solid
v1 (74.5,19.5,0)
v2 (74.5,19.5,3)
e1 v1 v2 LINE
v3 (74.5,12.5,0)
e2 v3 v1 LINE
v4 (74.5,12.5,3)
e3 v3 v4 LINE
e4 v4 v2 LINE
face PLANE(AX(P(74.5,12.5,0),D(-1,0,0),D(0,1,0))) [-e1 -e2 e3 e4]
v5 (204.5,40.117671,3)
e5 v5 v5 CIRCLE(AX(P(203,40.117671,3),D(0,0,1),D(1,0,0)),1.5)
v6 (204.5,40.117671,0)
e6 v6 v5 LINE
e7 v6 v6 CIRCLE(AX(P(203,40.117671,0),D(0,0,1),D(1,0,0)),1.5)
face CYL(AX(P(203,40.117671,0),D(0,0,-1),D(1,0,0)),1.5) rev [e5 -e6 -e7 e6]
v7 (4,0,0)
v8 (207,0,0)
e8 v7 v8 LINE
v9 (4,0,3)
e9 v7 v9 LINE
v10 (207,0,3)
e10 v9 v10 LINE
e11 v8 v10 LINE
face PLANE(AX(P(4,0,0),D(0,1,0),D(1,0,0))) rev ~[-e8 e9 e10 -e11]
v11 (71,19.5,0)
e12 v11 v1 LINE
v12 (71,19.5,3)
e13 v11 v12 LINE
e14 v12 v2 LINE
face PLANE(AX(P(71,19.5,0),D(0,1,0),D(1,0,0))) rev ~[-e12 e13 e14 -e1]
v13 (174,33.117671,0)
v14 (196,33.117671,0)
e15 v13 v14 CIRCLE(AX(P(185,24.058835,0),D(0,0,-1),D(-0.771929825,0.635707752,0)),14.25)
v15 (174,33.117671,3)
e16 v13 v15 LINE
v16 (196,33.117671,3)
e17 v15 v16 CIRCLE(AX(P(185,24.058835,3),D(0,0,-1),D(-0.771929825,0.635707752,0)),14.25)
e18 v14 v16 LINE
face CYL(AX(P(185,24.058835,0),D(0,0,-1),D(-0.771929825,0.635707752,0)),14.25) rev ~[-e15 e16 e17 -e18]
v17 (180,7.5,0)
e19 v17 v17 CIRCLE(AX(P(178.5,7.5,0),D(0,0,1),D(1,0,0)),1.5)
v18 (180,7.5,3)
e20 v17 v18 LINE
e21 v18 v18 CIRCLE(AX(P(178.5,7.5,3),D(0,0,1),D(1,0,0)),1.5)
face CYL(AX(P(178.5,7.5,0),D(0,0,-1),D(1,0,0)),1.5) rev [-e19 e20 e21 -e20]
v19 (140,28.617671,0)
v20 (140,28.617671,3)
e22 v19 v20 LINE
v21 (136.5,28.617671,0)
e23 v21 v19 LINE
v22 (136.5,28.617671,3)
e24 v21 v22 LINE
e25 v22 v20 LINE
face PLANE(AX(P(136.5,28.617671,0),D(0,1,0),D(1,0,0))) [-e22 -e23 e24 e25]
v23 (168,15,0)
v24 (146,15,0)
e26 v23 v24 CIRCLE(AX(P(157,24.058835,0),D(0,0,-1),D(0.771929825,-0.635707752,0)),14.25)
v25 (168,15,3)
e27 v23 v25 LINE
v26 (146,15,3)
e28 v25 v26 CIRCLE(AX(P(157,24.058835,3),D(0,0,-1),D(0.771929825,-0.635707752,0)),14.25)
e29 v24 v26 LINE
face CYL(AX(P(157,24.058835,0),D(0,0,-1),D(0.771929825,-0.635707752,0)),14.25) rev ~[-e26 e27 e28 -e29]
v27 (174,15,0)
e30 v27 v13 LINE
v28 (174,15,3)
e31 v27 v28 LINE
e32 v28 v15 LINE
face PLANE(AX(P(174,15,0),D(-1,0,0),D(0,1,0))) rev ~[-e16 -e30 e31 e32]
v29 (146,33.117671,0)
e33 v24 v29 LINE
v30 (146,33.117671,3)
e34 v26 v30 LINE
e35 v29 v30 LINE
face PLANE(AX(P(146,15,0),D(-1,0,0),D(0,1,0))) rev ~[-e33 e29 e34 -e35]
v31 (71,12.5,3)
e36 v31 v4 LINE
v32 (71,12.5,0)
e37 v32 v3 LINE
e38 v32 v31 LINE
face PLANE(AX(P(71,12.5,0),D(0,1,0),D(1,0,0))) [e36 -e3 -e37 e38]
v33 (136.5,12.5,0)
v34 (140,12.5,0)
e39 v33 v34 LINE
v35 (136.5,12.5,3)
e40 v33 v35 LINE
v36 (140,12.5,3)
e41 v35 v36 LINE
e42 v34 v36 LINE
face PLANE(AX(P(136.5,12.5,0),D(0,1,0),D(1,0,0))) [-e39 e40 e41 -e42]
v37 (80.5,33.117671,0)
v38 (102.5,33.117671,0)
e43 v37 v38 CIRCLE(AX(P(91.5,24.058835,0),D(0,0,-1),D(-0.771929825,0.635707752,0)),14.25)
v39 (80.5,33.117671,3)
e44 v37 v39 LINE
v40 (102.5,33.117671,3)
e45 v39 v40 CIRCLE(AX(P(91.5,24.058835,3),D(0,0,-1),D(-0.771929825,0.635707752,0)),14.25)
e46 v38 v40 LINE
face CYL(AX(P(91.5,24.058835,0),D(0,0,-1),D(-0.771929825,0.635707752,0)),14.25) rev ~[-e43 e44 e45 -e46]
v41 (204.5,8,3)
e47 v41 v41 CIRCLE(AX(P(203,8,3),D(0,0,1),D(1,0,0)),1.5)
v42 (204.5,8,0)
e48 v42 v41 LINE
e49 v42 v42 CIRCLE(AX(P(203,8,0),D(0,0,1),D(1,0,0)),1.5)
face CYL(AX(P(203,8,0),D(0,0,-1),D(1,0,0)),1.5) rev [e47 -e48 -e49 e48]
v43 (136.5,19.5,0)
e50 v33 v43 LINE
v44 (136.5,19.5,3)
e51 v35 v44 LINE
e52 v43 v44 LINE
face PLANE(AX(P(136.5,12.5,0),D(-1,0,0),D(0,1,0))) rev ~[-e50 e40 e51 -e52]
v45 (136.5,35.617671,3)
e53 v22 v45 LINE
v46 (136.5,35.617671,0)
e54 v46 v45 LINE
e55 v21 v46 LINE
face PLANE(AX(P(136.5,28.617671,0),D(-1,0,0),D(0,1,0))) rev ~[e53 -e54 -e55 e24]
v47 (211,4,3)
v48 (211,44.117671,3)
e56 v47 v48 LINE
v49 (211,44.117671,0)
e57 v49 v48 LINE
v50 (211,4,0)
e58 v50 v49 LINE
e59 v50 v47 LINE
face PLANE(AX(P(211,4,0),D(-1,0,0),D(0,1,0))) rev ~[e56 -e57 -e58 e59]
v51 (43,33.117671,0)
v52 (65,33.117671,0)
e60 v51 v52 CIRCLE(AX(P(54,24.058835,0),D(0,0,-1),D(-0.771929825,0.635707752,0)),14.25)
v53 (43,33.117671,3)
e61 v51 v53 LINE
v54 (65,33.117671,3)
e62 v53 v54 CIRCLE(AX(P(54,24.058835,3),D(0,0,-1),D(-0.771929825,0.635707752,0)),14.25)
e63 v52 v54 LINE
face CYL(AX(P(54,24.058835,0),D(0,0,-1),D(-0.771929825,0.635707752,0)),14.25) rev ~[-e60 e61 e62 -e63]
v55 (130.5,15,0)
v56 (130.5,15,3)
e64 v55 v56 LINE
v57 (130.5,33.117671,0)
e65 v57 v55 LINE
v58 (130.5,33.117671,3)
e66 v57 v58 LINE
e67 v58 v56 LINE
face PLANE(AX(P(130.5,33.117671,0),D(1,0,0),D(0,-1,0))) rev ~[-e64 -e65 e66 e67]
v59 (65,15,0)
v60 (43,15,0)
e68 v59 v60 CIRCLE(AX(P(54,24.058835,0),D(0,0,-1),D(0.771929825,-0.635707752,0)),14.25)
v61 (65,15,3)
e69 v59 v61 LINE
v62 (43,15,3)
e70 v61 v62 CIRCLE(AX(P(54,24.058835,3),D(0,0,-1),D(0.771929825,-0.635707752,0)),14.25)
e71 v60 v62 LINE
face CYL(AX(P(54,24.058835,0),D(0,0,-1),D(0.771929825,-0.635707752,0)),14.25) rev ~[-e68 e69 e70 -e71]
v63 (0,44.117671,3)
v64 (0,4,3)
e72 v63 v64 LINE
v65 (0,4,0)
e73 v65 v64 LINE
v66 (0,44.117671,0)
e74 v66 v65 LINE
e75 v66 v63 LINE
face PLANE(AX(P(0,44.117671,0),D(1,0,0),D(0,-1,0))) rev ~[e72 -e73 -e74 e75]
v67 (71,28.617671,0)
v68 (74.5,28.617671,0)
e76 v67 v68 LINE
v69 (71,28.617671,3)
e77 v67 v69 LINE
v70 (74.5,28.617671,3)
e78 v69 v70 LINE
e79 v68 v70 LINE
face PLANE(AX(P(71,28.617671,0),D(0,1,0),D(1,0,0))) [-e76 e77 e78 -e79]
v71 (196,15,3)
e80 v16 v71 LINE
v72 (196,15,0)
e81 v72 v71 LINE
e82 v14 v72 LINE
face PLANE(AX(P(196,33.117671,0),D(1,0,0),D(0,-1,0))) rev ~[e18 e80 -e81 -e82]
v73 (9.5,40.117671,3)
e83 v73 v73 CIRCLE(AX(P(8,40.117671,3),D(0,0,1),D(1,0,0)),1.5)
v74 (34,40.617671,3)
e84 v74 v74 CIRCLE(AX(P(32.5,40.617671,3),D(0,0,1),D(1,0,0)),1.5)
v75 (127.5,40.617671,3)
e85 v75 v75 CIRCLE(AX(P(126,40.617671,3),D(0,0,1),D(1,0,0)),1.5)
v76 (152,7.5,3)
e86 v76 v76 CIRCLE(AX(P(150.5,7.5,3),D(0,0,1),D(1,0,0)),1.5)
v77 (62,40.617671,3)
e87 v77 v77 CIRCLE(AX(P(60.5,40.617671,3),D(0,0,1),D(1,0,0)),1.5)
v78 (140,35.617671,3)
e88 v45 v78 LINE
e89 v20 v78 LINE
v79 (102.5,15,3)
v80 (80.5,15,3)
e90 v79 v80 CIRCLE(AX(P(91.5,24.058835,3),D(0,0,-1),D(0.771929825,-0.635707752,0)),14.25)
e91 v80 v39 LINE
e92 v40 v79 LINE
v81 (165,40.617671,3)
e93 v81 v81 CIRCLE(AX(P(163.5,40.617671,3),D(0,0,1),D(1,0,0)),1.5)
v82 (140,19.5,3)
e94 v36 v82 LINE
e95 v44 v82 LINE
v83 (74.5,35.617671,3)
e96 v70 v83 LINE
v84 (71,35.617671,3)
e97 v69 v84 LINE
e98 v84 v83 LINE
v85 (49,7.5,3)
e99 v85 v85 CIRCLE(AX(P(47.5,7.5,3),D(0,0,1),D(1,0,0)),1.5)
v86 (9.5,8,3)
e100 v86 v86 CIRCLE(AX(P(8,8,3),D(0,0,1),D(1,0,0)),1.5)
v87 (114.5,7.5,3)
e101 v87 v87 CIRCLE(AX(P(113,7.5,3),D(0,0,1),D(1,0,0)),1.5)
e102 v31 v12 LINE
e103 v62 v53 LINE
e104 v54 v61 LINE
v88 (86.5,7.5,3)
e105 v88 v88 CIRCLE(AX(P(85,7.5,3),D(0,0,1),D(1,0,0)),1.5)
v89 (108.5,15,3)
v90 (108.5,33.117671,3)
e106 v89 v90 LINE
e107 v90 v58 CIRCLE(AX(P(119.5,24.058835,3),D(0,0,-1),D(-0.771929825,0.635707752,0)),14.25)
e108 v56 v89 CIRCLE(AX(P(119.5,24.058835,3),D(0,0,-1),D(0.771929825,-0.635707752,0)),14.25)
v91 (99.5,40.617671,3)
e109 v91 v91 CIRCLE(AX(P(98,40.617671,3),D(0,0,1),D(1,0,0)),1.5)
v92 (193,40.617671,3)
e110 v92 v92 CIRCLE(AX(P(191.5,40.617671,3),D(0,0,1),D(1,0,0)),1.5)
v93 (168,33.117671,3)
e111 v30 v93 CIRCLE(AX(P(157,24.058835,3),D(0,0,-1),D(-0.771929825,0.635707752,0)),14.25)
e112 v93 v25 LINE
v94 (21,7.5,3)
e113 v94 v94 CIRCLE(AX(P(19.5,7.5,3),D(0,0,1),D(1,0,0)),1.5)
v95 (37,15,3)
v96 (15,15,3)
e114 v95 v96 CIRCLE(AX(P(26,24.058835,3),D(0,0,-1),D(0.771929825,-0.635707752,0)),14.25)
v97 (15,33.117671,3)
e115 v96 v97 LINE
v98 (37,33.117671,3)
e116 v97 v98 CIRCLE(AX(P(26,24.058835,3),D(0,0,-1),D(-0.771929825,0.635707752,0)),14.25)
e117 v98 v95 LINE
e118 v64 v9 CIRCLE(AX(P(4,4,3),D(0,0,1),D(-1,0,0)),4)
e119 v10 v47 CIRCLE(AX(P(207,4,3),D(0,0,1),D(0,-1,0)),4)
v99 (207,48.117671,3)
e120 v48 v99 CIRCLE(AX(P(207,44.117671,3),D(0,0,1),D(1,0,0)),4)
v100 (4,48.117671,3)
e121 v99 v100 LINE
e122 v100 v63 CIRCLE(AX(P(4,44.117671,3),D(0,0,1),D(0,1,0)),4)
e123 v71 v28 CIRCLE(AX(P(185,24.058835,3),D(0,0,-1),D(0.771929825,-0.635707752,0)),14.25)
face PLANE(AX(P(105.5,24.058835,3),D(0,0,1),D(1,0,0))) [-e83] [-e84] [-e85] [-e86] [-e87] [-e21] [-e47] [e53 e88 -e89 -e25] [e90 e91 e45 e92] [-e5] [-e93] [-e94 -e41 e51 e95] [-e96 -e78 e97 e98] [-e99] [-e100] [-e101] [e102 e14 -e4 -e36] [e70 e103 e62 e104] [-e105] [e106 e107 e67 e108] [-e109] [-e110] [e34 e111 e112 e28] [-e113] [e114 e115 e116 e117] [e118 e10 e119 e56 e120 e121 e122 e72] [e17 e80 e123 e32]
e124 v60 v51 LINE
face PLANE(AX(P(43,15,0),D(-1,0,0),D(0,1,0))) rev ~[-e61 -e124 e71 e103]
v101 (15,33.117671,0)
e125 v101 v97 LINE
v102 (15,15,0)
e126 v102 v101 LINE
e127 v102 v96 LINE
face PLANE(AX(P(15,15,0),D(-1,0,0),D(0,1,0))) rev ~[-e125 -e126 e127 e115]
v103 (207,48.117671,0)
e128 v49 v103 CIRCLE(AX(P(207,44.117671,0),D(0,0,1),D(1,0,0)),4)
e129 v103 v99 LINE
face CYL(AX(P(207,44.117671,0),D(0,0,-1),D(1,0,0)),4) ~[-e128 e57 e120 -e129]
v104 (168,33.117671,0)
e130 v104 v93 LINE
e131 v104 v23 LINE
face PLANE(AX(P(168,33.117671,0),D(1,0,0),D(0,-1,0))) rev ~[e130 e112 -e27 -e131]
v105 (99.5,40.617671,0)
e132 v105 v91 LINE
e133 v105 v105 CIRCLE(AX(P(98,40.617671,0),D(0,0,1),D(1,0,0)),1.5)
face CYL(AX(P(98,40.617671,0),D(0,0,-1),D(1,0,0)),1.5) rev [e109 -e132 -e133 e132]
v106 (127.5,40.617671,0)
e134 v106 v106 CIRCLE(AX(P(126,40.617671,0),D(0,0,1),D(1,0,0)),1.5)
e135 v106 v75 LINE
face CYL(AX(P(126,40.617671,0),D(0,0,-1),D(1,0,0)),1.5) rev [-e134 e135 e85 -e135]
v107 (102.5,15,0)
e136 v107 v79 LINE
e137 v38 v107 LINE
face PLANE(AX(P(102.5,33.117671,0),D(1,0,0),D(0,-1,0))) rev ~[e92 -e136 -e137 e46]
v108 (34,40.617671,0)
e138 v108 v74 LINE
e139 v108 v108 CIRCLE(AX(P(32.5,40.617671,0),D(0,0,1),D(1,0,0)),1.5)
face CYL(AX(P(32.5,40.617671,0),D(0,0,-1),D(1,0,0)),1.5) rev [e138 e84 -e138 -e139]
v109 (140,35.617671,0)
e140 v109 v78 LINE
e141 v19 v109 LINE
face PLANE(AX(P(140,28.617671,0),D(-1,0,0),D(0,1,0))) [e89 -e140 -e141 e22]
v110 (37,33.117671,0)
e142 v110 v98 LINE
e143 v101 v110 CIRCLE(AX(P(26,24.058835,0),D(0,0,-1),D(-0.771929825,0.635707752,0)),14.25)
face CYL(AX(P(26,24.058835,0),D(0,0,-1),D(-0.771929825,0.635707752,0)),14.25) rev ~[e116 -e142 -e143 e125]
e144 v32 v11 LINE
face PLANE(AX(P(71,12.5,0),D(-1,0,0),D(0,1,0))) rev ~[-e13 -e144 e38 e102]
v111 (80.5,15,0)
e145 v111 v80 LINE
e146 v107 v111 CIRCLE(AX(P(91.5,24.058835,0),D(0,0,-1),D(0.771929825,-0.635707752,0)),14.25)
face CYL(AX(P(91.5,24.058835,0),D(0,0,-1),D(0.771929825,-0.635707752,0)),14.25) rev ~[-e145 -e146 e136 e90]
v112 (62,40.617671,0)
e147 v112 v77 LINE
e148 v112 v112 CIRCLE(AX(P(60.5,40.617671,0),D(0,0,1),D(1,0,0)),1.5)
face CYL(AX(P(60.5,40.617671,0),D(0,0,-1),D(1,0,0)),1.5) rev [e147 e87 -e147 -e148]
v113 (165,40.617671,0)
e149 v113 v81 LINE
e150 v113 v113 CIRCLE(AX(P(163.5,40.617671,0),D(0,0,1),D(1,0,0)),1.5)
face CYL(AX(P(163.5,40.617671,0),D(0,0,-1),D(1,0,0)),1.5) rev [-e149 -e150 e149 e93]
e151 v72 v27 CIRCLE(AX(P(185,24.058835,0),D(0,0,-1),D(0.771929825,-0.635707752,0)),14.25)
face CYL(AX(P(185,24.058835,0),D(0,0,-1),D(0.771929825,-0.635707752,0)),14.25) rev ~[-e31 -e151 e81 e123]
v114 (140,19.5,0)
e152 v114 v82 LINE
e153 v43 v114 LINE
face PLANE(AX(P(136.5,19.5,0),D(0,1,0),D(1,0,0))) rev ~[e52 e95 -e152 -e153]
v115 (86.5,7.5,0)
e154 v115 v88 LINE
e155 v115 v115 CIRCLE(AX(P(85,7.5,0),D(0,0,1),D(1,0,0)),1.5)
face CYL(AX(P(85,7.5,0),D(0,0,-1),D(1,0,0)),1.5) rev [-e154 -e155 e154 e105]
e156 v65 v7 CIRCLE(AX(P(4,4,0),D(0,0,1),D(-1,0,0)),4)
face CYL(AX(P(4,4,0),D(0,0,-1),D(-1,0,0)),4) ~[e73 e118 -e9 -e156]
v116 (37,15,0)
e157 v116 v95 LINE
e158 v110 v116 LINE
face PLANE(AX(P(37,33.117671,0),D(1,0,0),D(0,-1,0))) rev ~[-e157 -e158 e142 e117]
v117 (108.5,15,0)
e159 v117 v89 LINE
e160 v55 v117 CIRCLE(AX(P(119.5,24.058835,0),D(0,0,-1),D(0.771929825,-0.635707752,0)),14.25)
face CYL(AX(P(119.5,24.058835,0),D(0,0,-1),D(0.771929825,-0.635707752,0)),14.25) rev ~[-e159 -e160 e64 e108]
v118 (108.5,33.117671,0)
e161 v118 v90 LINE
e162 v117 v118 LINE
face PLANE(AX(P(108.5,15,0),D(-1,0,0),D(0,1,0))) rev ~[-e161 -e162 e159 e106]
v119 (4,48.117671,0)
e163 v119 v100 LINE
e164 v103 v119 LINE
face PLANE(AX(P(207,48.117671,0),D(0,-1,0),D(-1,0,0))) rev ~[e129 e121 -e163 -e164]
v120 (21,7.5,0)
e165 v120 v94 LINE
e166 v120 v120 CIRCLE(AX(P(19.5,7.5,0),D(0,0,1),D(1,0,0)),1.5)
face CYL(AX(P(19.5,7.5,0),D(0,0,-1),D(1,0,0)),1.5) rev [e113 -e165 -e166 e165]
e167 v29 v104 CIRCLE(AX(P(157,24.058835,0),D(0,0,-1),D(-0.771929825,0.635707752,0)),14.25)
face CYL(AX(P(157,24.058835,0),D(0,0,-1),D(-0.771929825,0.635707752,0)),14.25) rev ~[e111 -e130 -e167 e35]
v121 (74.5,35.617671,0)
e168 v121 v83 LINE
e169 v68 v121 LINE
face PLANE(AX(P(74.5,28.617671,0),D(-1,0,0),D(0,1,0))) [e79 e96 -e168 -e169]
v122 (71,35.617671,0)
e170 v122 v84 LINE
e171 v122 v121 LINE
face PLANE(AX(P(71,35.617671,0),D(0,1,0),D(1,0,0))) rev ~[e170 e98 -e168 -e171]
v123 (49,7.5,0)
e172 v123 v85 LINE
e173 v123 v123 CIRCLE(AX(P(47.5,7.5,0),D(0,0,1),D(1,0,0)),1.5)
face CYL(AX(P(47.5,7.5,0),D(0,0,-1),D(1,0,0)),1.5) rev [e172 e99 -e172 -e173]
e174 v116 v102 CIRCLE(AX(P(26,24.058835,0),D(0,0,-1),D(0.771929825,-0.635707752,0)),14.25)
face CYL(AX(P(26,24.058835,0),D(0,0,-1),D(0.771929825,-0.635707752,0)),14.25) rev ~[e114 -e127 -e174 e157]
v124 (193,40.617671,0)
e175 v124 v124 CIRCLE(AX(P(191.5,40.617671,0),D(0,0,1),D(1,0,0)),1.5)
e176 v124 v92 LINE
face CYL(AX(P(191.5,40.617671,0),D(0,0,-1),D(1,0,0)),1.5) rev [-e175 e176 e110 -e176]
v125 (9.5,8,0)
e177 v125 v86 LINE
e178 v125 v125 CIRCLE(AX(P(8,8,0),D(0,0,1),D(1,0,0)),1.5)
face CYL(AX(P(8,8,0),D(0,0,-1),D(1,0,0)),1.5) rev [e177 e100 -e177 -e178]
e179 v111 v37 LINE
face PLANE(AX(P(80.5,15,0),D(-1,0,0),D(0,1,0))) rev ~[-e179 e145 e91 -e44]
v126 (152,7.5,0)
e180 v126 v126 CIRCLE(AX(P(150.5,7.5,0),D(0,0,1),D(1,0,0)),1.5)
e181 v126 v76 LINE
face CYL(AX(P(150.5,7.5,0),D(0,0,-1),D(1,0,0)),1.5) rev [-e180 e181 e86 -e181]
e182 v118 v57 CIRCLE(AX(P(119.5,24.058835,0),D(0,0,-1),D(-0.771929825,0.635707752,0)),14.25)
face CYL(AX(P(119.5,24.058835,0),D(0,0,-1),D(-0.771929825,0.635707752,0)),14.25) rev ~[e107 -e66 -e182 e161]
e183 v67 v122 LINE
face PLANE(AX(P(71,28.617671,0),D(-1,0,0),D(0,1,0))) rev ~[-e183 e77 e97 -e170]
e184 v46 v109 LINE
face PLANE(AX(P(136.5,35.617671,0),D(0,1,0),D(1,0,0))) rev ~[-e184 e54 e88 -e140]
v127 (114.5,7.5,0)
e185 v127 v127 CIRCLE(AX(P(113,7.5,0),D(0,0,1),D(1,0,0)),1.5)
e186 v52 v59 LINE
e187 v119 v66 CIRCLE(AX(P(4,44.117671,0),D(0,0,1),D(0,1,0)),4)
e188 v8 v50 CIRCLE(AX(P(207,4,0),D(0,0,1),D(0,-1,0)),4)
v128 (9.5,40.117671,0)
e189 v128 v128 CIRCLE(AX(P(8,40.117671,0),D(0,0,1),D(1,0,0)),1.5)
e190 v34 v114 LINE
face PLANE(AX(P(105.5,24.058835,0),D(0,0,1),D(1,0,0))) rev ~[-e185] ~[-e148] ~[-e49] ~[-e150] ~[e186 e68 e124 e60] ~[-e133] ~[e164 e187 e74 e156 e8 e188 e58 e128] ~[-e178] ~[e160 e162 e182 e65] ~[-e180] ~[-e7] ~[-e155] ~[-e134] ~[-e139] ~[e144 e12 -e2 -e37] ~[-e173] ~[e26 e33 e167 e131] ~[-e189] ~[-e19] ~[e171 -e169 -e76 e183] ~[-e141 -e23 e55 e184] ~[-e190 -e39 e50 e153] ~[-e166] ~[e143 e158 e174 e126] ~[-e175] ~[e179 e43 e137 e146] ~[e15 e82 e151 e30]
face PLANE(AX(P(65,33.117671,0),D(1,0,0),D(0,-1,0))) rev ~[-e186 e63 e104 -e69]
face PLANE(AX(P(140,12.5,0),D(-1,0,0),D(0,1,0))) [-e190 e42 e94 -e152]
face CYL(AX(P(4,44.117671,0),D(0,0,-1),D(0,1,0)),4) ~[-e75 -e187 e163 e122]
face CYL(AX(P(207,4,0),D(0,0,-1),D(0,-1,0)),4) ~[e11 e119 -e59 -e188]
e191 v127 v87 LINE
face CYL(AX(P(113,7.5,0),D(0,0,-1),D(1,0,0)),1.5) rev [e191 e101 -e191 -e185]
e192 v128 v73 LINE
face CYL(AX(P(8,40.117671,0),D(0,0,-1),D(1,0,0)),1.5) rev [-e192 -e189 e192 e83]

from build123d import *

# Parameters (mm, degrees)
SKETCH1_R           = 1.5
SKETCH1_W           = 3.5
SKETCH1_H           = 7
BOSS_EXTRUDE1_DEPTH = 3


with BuildPart() as part:
    # Sketch1 → Boss-Extrude1 (new body)
    with BuildSketch(Plane.XY):
        with BuildLine():
            Line((4, 0), (207, 0))
            ThreePointArc((207, 0), (209.828427125, 1.171572875), (211, 4))
            Line((211, 4), (211, 44.117670932))
            ThreePointArc((211, 44.117670932), (209.828427125, 46.946098057), (207, 48.117670932))
            Line((207, 48.117670932), (4, 48.117670932))
            ThreePointArc((4, 48.117670932), (1.171572875, 46.946098057), (0, 44.117670932))
            Line((0, 44.117670932), (0, 4))
            ThreePointArc((0, 4), (1.171572875, 1.171572875), (4, 0))
        make_face()
        with Locations((32.5, 40.617670932)):
            Circle(SKETCH1_R, mode=Mode.SUBTRACT)
        with Locations((19.5, 7.5)):
            Circle(SKETCH1_R, mode=Mode.SUBTRACT)
        with Locations((60.5, 40.617670932)):
            Circle(SKETCH1_R, mode=Mode.SUBTRACT)
        with Locations((47.5, 7.5)):
            Circle(SKETCH1_R, mode=Mode.SUBTRACT)
        with Locations((98, 40.617670932)):
            Circle(SKETCH1_R, mode=Mode.SUBTRACT)
        with Locations((85, 7.5)):
            Circle(SKETCH1_R, mode=Mode.SUBTRACT)
        with Locations((126, 40.617670932)):
            Circle(SKETCH1_R, mode=Mode.SUBTRACT)
        with Locations((113, 7.5)):
            Circle(SKETCH1_R, mode=Mode.SUBTRACT)
        with Locations((8, 40.117670932)):
            Circle(SKETCH1_R, mode=Mode.SUBTRACT)
        with Locations((8, 8)):
            Circle(SKETCH1_R, mode=Mode.SUBTRACT)
        with Locations((203, 8)):
            Circle(SKETCH1_R, mode=Mode.SUBTRACT)
        with Locations((203, 40.117670932)):
            Circle(SKETCH1_R, mode=Mode.SUBTRACT)
        with Locations((163.5, 40.617670932)):
            Circle(SKETCH1_R, mode=Mode.SUBTRACT)
        with Locations((150.5, 7.5)):
            Circle(SKETCH1_R, mode=Mode.SUBTRACT)
        with Locations((191.5, 40.617670932)):
            Circle(SKETCH1_R, mode=Mode.SUBTRACT)
        with Locations((178.5, 7.5)):
            Circle(SKETCH1_R, mode=Mode.SUBTRACT)
        with BuildLine():
            Line((15, 15), (15, 33.117670932))
            ThreePointArc((15, 33.117670932), (26, 38.308835466), (37, 33.117670932))
            Line((37, 33.117670932), (37, 15))
            ThreePointArc((37, 15), (26, 9.808835466), (15, 15))
        make_face(mode=Mode.SUBTRACT)
        with BuildLine():
            Line((43, 15), (43, 33.117670932))
            ThreePointArc((43, 33.117670932), (54, 38.308835466), (65, 33.117670932))
            Line((65, 33.117670932), (65, 15))
            ThreePointArc((65, 15), (54, 9.808835466), (43, 15))
        make_face(mode=Mode.SUBTRACT)
        with BuildLine():
            Line((80.5, 15), (80.5, 33.117670932))
            ThreePointArc((80.5, 33.117670932), (91.5, 38.308835466), (102.5, 33.117670932))
            Line((102.5, 33.117670932), (102.5, 15))
            ThreePointArc((102.5, 15), (91.5, 9.808835466), (80.5, 15))
        make_face(mode=Mode.SUBTRACT)
        with Locations((72.75, 32.117670932)):
            Rectangle(SKETCH1_W, SKETCH1_H, mode=Mode.SUBTRACT)
        with Locations((72.75, 16)):
            Rectangle(SKETCH1_W, SKETCH1_H, mode=Mode.SUBTRACT)
        with BuildLine():
            Line((108.5, 15), (108.5, 33.117670932))
            ThreePointArc((108.5, 33.117670932), (119.5, 38.308835466), (130.5, 33.117670932))
            Line((130.5, 33.117670932), (130.5, 15))
            ThreePointArc((130.5, 15), (119.5, 9.808835466), (108.5, 15))
        make_face(mode=Mode.SUBTRACT)
        with BuildLine():
            Line((146, 15), (146, 33.117670932))
            ThreePointArc((146, 33.117670932), (157, 38.308835466), (168, 33.117670932))
            Line((168, 33.117670932), (168, 15))
            ThreePointArc((168, 15), (157, 9.808835466), (146, 15))
        make_face(mode=Mode.SUBTRACT)
        with Locations((138.25, 32.117670932)):
            Rectangle(SKETCH1_W, SKETCH1_H, mode=Mode.SUBTRACT)
        with Locations((138.25, 16)):
            Rectangle(SKETCH1_W, SKETCH1_H, mode=Mode.SUBTRACT)
        with BuildLine():
            Line((174, 15), (174, 33.117670932))
            ThreePointArc((174, 33.117670932), (185, 38.308835466), (196, 33.117670932))
            Line((196, 33.117670932), (196, 15))
            ThreePointArc((196, 15), (185, 9.808835466), (174, 15))
        make_face(mode=Mode.SUBTRACT)
    extrude(amount=BOSS_EXTRUDE1_DEPTH)


solid = part.part
